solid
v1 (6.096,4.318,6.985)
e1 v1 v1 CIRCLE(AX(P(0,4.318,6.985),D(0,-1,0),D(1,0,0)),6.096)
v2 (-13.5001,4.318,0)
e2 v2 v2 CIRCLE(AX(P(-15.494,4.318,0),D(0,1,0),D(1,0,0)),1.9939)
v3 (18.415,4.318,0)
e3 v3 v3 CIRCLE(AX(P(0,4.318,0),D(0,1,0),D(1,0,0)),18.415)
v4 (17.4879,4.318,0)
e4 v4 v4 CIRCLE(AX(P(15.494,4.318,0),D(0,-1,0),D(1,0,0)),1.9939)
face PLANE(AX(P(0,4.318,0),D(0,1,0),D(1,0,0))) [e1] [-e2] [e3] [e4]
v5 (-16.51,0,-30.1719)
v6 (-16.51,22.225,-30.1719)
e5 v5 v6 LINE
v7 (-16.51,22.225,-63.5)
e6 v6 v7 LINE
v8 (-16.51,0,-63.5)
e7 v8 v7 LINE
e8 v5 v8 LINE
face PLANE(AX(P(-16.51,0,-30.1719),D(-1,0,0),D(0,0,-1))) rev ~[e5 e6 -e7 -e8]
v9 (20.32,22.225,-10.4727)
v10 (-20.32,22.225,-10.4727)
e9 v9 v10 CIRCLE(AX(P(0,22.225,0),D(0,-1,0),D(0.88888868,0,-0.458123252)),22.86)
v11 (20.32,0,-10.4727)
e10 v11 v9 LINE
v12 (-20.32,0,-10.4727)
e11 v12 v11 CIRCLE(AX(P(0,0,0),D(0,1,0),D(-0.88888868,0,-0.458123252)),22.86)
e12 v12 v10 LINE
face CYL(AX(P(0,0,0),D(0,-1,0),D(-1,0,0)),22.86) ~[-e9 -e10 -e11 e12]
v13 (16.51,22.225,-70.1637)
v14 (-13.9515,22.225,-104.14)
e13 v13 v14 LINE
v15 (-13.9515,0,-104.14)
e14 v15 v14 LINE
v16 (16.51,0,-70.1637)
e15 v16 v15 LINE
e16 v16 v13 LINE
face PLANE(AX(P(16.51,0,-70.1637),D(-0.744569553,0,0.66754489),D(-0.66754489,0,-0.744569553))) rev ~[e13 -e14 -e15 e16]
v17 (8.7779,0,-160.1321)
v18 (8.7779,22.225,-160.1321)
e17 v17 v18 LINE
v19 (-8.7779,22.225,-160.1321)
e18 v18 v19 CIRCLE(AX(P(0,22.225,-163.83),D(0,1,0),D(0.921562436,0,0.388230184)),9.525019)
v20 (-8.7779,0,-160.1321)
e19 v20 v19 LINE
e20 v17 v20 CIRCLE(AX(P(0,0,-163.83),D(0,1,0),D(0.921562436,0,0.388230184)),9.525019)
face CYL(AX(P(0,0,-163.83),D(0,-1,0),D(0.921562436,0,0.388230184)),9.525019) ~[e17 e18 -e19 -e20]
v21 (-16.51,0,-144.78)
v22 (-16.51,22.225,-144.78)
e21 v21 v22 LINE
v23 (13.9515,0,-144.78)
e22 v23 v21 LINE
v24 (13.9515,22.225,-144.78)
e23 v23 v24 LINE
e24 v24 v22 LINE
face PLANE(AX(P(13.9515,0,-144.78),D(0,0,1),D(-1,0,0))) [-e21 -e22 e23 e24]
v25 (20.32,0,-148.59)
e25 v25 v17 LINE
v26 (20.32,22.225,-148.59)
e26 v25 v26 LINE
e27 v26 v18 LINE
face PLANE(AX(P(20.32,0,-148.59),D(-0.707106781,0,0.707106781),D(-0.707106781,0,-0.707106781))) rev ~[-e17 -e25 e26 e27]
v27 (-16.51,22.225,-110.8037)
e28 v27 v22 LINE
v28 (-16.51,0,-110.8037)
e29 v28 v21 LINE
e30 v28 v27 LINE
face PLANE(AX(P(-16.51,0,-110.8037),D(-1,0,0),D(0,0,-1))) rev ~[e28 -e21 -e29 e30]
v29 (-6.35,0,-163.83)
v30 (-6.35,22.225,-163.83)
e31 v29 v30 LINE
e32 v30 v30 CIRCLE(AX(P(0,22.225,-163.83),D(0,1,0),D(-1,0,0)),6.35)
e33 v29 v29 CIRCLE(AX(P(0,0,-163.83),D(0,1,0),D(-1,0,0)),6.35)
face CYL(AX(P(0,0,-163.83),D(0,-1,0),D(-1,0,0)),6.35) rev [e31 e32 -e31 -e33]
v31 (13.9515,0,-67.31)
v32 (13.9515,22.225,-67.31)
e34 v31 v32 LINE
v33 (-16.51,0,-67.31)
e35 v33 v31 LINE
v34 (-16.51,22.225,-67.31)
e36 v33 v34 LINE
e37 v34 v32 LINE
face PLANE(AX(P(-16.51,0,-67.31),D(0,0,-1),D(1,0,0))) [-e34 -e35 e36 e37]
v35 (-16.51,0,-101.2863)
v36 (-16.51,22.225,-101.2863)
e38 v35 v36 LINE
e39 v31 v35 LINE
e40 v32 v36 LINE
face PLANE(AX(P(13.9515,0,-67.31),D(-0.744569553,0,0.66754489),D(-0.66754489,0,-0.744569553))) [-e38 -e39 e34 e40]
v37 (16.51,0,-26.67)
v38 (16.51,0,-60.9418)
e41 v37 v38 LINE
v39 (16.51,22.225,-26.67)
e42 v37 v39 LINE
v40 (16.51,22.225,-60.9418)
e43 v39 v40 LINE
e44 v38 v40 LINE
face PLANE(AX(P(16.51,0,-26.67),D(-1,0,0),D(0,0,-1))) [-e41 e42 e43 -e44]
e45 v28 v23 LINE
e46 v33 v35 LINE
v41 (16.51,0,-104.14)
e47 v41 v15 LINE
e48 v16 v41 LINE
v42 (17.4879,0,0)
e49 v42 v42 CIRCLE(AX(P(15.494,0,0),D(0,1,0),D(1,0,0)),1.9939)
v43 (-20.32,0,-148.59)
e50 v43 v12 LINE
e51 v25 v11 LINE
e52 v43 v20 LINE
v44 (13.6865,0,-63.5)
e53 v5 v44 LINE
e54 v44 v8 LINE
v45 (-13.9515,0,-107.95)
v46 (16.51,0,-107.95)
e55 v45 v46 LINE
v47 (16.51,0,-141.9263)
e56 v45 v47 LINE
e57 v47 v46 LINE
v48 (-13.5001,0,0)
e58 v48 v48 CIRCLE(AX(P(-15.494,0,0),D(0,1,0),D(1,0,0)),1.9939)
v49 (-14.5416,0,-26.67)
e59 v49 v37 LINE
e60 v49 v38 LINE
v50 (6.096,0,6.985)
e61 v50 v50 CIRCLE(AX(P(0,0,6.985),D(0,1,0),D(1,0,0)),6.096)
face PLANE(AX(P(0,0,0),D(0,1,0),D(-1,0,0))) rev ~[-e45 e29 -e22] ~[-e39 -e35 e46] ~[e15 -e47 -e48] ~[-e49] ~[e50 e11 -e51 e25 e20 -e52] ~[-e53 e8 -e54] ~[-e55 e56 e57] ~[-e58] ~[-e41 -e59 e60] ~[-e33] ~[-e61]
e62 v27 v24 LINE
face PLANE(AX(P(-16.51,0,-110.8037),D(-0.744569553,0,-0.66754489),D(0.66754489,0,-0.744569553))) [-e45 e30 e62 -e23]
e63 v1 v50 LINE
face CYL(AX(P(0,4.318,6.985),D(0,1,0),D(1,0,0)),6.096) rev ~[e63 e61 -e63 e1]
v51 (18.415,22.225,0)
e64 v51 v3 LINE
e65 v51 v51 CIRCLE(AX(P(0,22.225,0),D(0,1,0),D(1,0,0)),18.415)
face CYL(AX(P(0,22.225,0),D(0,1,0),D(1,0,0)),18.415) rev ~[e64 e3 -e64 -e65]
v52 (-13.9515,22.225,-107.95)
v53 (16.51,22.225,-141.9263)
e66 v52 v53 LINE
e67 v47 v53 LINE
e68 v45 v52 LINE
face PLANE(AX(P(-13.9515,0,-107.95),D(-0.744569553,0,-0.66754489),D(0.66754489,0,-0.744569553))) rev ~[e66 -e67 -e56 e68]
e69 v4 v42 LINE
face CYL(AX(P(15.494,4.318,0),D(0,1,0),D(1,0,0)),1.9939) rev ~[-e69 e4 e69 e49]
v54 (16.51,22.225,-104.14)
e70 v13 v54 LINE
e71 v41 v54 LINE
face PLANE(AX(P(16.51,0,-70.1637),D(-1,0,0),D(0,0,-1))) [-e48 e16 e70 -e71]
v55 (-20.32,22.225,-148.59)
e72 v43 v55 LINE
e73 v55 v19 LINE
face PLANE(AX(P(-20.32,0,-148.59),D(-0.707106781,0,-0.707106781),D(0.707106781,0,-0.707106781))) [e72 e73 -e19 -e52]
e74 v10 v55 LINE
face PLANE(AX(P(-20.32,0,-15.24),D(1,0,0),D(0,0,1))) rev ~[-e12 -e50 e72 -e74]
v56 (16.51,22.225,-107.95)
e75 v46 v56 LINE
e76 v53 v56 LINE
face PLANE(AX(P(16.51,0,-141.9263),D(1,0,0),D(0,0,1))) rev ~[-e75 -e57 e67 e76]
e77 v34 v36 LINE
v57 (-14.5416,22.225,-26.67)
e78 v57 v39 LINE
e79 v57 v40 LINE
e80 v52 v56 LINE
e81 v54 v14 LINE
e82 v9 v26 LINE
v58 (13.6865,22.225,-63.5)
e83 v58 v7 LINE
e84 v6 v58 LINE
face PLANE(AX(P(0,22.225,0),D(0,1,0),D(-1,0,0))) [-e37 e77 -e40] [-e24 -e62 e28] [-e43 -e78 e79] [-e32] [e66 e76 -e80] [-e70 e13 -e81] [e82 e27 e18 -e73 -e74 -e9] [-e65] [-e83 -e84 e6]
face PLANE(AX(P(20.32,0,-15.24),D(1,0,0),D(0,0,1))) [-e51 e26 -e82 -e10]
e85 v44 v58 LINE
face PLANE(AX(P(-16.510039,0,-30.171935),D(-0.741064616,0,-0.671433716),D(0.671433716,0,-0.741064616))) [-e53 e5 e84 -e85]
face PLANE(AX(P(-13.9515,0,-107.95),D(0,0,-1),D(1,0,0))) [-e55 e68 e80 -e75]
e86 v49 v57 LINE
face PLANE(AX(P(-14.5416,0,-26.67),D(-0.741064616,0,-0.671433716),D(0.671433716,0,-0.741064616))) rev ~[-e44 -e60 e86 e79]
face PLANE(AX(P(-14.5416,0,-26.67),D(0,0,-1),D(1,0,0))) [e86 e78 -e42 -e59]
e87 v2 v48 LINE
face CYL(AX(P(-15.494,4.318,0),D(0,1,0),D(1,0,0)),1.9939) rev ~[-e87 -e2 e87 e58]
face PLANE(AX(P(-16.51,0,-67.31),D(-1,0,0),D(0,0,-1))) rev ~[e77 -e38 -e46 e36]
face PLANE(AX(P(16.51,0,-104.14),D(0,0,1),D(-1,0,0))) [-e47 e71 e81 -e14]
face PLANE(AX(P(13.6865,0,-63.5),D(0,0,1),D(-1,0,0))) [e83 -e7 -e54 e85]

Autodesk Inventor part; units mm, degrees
ref_plane "YZ Plane" through (0, 0, 0) normal (1, 0, 0) x (0, 1, 0)
ref_plane "XZ Plane" through (0, 0, 0) normal (0, 1, 0) x (-1, 0, 0)
ref_plane "XY Plane" through (0, 0, 0) normal (0, 0, 1) x (1, 0, 0)
sketch "Sketch1" plane through (0, 0, 0) normal (0, 1, 0) x (-1, 0, 0)
  circle A0 centre (0, 0) radius 22.86
  line L0 (14.5416, -26.67) -> (-16.51, -26.67)
  line L1 (-20.32, -15.24) -> (-20.32, -55.88)
  line L2 (-13.6865, -63.5) -> (16.51, -63.5)
  line L3 (20.32, -55.88) -> (20.32, -15.24)
  line L4 (16.51, -67.31) -> (-16.51, -67.31)
  line L5 (-20.32, -59.69) -> (-20.32, -100.33)
  line L6 (-16.51, -104.14) -> (13.9515, -104.14)
  line L7 (20.32, -100.33) -> (20.32, -59.69)
  line L8 (13.9515, -107.95) -> (-16.51, -107.95)
  line L9 (-20.32, -104.14) -> (-20.32, -144.78)
  line L10 (20.32, -144.78) -> (20.32, -104.14)
  line L11 (20.32, -15.24) -> (20.32, -10.4727)
  circle A1 centre (0, -163.83) radius 6.35
  line L12 (-20.32, -15.24) -> (-20.32, -10.4727)
  line L13 (20.32, -55.88) -> (20.32, -59.69)
  line L14 (20.32, -100.33) -> (20.32, -104.14)
  line L15 (-20.32, -55.88) -> (-20.32, -59.69)
  line L16 (-20.32, -100.33) -> (-20.32, -104.14)
  line L17 (20.32, -144.78) -> (20.32, -148.59)
  line L18 (-20.32, -144.78) -> (-20.32, -148.59)
  line L19 (20.32, -148.59) -> (8.7779, -160.1321)
  line L20 (-20.32, -148.59) -> (-8.7779, -160.1321)
  line L21 (16.51, -30.1719) -> (16.51, -63.5)
  line L22 (-16.51, -26.67) -> (-16.51, -60.9418)
  line L23 (16.51, -67.31) -> (16.51, -101.2863)
  line L24 (-16.51, -67.31) -> (-16.51, -104.14)
  line L25 (16.51, -110.8037) -> (16.51, -144.78)
  line L26 (-16.51, -141.9263) -> (-16.51, -107.95)
  arc A2 (-8.7779, -160.1321) -> (8.7779, -160.1321) centre (0, -163.83) ccw
  line L27 (14.5416, -26.67) -> (-16.51, -60.9418)
  line L28 (16.9388, -26.8614) -> (16.51, -27.3347)
  line L29 (17.3651, -29.2282) -> (-13.6865, -63.5)
  line L30 (-13.9515, -67.31) -> (16.51, -101.2863)
  line L31 (-16.51, -70.1637) -> (13.9515, -104.14)
  line L32 (13.9515, -107.95) -> (-16.51, -141.9263)
  line L33 (16.51, -110.8037) -> (-13.9515, -144.78)
  line L34 (-19.0685, -144.78) -> (-16.51, -144.78)
  line L35 (-13.9515, -144.78) -> (16.51, -144.78)
  dimension "d0" = 45.72
  dimension "d2" = 26.67
  dimension "d3" = 36.83
  dimension "d5" = 20.32
  dimension "d6" = 3.81
  dimension "d7" = 40.64
  dimension "d8" = 3.81
  dimension "d10" = 12.7
  dimension "d11" = 3.81
  dimension "d12" = 3.81
  dimension "d13" = 135
  dimension "d14" = 3.81
  dimension "d15" = 3.81
  dimension "d16" = 3.81
  dimension "d17" = 36.83
  dimension "d19" = 94.2927
  dimension "d20" = 62.8618
  dimension "d21" = 123.0295
  dimension "d22" = 94.2927
  dimension "d23" = 91.5986
  dimension "d24" = 62.8618
  dimension "d25" = 3.81
  dimension "d26" = 36.83
  dimension "d27" = 65.5559
  dimension "d28" = 60.1677
  dimension "d29" = 19.05
  dimension "d32" = 1.905
  dimension "d37" = 42.178
  dimension "d38" = 138.122
  dimension "d39" = 138.122
  dimension "d40" = 118.11
  dimension "d41" = 36.83
  dimension "d42" = 0
  dimension "d43" = 3.81
  dimension "d44" = 3.81
  dimension "d45" = 86.2593
  dimension "d46" = 55.3203
  dimension "d47" = 3.3812
  dimension "d48" = 11.5421
  dimension "d49" = 36.83
  dimension "d50" = 119.4374
  dimension "d51" = 119.4374
  dimension "d52" = 20.32
extrude "Extrusion1" add sketch "Sketch1" along normal blind 22.225
sketch "Sketch2" plane through (0, 22.225, 0) normal (0, 1, 0) x (1, 0, 0)
  circle A0 centre (0, 0) radius 18.415
  dimension "d55" = 36.83
extrude "Extrusion2" cut sketch "Sketch2" against normal blind 17.907
sketch "Sketch3" plane through (0, 4.318, 0) normal (0, 1, 0) x (1, 0, 0)
  circle A0 centre (0, -6.985) radius 6.096
  line L0 (0, 0) -> (0, -18.9723)
  arc A1 (-20.32, 10.4727) -> (20.32, 10.4727) centre (0, 0) ccw projected
  line L1 (-15.494, 0) -> (15.494, 0)
  circle A2 centre (-15.494, 0) radius 1.9939
  circle A3 centre (15.494, 0) radius 1.9939
  point P0 (0, -22.86)
  dimension "d58" = 6.985
  dimension "d59" = 12.192
  dimension "d61" = 3.9878
  dimension "d62" = 30.988
  dimension "d63" = 15.494
  dimension "d65" = 18.9722
extrude "Extrusion3" cut sketch "Sketch3" against normal blind 36.322
properties part number "leg 3.0"
